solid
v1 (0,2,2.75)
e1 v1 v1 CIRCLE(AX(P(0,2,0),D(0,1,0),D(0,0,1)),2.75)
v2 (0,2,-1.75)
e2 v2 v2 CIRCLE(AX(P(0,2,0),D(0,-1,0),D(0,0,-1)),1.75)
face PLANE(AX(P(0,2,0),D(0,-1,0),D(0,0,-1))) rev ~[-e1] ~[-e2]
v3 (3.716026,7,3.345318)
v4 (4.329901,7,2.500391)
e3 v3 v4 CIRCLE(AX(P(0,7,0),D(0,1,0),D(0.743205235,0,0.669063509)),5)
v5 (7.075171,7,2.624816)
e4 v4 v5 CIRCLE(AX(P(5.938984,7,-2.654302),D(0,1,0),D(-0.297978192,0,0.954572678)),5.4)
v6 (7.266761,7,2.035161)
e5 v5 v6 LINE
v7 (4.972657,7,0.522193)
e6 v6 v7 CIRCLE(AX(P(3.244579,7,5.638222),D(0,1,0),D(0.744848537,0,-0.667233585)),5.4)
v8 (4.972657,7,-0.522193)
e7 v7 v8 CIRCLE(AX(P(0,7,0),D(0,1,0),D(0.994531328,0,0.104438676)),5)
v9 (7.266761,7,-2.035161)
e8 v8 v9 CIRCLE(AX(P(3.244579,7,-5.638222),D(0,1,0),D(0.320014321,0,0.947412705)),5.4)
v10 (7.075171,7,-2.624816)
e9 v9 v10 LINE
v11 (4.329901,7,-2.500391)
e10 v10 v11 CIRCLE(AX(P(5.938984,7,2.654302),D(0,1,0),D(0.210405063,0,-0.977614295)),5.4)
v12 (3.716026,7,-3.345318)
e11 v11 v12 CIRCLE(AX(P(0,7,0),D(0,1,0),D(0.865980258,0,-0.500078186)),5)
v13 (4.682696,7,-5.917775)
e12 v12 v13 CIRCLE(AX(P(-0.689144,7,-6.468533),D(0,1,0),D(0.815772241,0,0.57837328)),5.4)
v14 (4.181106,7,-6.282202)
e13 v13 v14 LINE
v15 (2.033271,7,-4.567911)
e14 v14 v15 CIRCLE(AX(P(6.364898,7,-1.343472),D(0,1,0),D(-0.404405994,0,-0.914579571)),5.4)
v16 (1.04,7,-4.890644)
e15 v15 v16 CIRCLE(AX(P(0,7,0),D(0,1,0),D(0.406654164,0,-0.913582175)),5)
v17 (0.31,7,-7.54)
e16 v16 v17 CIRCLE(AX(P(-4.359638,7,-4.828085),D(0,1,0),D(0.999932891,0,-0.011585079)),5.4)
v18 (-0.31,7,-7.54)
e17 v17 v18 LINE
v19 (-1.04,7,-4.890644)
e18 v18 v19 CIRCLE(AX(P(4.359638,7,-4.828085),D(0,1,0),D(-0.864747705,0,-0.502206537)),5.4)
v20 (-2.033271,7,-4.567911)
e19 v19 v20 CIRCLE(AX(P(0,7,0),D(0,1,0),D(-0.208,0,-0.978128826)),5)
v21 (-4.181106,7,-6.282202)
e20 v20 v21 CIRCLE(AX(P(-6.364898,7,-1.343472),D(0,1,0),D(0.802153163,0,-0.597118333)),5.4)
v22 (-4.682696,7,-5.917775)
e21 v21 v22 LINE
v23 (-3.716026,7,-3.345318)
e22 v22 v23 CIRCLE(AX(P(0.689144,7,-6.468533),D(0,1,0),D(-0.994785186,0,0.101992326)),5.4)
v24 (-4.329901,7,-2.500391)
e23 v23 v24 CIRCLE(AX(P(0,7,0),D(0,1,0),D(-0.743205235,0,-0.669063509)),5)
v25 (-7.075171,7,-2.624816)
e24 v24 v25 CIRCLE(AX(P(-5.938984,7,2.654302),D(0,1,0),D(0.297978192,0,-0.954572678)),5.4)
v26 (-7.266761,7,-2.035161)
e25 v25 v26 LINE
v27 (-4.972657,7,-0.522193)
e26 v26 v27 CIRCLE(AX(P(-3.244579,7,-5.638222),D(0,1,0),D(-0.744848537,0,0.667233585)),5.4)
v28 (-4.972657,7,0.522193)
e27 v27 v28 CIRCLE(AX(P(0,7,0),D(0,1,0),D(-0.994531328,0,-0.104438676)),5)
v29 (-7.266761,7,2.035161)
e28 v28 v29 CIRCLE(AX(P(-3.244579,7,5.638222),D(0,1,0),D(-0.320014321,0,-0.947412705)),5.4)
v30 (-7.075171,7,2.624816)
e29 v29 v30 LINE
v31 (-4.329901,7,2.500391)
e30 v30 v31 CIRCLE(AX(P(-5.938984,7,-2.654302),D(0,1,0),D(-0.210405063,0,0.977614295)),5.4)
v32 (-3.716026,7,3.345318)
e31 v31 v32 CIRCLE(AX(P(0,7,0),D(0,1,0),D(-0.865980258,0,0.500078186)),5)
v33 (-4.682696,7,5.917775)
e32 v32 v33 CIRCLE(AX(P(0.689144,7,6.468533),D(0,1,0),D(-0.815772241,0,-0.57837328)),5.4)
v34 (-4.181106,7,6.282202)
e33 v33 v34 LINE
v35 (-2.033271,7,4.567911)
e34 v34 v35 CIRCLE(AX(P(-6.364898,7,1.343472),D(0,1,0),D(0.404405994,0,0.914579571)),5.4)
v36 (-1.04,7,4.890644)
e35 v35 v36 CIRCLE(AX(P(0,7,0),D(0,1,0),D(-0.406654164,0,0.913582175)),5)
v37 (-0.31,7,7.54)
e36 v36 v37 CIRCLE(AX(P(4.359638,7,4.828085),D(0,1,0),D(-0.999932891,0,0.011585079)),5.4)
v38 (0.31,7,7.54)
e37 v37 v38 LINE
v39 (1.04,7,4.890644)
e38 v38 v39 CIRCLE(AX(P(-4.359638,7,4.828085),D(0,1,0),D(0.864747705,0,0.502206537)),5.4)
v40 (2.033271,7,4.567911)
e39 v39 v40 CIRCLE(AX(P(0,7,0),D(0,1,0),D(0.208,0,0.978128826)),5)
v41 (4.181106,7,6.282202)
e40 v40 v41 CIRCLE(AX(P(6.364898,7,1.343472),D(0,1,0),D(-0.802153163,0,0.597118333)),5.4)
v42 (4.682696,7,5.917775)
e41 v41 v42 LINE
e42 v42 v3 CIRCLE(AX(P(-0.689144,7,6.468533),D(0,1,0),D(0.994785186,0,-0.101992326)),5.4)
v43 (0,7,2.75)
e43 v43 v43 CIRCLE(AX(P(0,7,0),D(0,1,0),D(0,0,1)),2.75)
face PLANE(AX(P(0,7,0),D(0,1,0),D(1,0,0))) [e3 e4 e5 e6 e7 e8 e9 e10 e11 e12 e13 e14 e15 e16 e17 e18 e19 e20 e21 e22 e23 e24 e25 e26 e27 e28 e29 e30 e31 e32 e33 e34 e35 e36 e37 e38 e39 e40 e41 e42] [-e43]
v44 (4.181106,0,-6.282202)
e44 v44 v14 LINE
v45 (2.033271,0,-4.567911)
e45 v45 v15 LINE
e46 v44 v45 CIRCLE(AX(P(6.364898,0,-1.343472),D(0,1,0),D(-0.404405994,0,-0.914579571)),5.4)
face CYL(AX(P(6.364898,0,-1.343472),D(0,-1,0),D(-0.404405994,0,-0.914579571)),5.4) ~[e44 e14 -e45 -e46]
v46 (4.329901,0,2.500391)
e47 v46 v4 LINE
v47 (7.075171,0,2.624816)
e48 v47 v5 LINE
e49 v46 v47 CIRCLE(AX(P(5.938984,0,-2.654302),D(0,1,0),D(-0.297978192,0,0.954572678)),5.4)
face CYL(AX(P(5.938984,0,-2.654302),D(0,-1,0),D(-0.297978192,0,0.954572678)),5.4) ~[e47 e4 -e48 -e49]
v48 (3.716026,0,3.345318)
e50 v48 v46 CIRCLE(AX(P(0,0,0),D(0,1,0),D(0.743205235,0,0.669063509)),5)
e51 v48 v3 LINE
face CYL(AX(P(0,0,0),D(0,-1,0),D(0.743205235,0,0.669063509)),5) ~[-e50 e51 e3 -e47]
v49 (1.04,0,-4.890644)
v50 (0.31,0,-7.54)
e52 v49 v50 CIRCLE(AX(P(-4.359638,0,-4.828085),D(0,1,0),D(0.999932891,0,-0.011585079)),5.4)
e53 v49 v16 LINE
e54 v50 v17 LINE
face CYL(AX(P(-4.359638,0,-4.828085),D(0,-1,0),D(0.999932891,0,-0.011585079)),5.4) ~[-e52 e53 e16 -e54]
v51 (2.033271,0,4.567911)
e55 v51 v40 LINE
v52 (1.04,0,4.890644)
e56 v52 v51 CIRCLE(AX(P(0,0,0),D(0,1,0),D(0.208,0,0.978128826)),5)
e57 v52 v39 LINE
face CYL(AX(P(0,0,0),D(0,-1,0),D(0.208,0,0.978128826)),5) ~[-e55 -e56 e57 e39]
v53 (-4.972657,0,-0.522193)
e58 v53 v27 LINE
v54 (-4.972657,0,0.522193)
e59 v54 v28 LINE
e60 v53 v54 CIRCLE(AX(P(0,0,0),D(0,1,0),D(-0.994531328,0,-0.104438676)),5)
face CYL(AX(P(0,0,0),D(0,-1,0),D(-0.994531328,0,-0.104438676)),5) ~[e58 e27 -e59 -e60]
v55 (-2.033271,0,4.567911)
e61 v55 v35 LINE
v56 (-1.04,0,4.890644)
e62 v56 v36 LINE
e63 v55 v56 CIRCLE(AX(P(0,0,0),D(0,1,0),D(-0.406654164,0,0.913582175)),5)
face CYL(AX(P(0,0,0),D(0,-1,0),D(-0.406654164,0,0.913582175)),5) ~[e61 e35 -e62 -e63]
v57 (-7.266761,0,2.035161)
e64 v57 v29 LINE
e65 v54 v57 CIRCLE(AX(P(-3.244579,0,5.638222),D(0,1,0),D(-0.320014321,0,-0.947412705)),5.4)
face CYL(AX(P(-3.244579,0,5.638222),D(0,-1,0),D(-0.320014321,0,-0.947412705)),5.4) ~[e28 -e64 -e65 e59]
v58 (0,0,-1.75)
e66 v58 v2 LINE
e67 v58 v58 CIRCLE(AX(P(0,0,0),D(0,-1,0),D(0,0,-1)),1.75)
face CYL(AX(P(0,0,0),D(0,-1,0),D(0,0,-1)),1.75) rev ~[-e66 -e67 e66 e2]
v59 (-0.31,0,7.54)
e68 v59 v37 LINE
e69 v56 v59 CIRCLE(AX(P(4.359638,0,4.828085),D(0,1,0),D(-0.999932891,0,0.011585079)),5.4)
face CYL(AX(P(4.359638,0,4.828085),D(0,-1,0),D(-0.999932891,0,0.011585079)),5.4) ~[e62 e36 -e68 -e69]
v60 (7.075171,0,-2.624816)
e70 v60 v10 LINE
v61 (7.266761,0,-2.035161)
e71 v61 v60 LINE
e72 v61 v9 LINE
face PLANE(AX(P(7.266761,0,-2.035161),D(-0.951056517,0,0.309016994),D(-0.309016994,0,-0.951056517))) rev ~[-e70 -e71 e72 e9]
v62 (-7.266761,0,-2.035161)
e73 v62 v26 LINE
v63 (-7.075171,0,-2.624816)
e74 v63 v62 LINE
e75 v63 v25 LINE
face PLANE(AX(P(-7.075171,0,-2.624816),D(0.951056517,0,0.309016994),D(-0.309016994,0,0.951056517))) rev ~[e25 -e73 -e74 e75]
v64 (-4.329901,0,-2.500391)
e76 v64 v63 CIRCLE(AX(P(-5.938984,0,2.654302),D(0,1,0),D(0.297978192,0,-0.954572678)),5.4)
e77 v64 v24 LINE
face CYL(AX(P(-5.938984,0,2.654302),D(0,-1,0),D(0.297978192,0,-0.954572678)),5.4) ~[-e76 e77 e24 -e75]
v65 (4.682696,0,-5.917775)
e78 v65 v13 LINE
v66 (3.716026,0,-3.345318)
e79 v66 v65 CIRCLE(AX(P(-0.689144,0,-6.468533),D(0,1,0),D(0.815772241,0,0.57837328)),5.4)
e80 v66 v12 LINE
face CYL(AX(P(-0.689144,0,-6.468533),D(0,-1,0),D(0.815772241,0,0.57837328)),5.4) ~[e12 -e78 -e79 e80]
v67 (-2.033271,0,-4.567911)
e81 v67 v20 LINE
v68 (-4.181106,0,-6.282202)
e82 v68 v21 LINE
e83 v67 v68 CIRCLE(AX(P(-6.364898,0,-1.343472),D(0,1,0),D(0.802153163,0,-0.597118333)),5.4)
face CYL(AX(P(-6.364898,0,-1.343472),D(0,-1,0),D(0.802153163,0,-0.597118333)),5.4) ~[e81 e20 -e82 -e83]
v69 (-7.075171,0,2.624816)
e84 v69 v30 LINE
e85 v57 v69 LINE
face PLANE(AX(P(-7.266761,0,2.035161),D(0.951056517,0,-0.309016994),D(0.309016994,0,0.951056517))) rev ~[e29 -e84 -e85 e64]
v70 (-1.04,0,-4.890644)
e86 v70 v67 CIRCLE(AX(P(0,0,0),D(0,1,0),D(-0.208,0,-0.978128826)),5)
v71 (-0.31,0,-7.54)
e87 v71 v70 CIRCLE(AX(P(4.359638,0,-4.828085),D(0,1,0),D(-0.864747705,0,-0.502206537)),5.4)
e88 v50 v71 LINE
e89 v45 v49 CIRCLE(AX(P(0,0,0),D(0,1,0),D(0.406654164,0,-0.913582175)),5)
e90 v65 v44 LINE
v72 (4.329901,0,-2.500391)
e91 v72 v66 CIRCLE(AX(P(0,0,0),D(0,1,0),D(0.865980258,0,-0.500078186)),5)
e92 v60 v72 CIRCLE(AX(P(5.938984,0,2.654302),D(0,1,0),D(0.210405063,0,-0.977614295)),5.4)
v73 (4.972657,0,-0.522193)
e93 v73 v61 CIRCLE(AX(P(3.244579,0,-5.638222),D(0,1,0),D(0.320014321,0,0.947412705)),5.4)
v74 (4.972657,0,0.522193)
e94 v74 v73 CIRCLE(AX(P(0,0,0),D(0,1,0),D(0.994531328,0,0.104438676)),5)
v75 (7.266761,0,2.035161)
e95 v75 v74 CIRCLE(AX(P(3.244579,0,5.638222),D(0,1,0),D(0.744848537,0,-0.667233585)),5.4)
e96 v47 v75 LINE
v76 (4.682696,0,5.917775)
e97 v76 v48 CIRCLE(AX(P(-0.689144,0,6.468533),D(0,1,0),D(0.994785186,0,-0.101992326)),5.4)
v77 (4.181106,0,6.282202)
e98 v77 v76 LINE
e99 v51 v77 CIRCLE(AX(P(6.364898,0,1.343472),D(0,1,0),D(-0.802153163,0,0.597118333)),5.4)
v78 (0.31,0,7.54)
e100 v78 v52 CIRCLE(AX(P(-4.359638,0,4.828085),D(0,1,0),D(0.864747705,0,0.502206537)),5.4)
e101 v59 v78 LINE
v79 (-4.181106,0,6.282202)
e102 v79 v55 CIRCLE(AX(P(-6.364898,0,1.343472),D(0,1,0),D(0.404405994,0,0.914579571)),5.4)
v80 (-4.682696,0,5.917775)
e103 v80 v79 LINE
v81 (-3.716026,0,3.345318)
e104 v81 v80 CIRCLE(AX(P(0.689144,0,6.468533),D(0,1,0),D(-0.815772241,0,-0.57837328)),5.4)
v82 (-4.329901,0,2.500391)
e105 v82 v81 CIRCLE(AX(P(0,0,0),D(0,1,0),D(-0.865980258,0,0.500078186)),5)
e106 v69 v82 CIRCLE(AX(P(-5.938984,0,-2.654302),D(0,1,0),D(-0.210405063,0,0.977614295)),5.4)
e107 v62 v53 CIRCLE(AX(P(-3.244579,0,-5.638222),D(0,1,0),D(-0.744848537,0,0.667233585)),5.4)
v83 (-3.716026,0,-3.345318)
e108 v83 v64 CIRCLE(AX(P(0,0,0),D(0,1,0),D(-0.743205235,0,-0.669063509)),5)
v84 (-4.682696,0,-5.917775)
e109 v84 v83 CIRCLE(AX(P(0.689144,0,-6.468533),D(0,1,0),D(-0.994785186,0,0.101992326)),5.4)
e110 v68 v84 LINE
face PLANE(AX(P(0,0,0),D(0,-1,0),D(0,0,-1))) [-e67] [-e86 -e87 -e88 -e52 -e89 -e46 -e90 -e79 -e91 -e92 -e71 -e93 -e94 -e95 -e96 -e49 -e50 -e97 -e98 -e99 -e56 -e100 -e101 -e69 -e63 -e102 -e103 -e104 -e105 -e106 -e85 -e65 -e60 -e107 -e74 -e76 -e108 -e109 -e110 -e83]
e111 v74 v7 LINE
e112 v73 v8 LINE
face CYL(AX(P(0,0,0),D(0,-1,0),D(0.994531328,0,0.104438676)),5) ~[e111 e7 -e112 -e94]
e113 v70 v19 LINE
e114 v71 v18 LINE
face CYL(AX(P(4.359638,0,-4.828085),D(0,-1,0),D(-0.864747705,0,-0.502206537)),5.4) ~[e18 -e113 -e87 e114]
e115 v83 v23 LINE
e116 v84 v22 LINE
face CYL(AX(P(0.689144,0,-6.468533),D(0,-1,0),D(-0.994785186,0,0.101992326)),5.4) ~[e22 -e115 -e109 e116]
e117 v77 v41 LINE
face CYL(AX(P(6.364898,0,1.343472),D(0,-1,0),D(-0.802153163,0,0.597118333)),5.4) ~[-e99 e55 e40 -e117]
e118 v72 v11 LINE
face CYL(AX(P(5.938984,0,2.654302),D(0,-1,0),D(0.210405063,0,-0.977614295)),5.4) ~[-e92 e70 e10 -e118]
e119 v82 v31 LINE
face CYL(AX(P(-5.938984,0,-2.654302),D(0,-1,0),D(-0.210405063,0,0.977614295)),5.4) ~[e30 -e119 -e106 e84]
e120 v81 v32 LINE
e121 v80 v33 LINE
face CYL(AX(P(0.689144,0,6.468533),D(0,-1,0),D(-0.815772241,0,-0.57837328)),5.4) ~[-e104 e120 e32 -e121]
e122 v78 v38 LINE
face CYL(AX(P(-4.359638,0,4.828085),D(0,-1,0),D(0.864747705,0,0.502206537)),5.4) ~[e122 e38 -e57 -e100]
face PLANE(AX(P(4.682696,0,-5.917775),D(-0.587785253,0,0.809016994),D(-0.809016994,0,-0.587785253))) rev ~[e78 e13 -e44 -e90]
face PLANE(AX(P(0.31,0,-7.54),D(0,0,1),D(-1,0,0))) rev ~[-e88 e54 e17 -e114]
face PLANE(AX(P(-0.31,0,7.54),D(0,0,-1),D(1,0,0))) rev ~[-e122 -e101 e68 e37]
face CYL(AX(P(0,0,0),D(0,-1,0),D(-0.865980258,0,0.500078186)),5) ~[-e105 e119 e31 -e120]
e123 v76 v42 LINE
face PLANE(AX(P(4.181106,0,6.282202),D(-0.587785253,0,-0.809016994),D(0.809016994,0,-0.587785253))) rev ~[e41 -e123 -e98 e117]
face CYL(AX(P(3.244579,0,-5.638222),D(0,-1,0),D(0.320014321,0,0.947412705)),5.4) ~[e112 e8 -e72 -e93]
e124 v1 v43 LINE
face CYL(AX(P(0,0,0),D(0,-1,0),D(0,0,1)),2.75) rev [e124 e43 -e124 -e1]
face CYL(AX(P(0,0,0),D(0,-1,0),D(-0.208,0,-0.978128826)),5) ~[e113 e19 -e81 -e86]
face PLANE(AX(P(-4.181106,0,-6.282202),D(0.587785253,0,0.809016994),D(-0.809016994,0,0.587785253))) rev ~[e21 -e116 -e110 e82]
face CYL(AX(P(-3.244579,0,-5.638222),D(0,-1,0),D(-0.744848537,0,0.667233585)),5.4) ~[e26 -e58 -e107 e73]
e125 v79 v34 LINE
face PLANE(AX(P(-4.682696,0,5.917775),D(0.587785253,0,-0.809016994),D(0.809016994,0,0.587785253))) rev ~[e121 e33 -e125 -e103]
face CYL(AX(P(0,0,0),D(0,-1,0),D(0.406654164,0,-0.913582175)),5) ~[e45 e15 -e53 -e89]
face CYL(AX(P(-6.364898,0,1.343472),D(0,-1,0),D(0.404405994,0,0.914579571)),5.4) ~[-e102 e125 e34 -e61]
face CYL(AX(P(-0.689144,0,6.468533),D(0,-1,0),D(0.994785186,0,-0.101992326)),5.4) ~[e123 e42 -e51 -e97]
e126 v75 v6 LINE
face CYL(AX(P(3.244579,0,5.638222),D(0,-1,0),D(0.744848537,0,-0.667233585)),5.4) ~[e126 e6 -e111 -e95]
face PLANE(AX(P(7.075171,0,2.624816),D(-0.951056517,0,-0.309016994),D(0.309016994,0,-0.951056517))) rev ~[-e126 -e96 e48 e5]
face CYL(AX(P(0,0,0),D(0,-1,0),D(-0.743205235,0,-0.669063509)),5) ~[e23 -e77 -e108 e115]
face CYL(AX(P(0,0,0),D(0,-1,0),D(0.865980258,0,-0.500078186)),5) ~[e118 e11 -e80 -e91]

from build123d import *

# Parameters (mm, degrees)
SKETCH1_R           = 2.75
BOSS_EXTRUDE1_DEPTH = 7
SKETCH2_R           = 2.75
SKETCH2_R_2         = 1.75
BOSS_EXTRUDE2_DEPTH = 2


with BuildPart() as part:
    # Sketch1 → Boss-Extrude1 (new body)
    with BuildSketch(Plane(origin=(0, 0, 0), x_dir=(1, 0, 0), z_dir=(0, 1, 0))):
        with BuildLine():
            ThreePointArc((-1.04, 4.890644129), (-1.545084972, 4.755282581), (-2.033270819, 4.567910876))
            ThreePointArc((-2.033270819, 4.567910876), (-2.996312027, 5.563972943), (-4.181105534, 6.282201566))
            Line((-4.181105534, 6.282201566), (-4.682696071, 5.917774709))
            ThreePointArc((-4.682696071, 5.917774709), (-4.365741387, 4.569024274), (-3.716026168, 3.345317552))
            ThreePointArc((-3.716026168, 3.345317552), (-4.045084972, 2.938926261), (-4.329901294, 2.500390926))
            ThreePointArc((-4.329901294, 2.500390926), (-5.69448859, 2.740160647), (-7.075170865, 2.624815658))
            Line((-7.075170865, 2.624815658), (-7.266761401, 2.035160618))
            ThreePointArc((-7.266761401, 2.035160618), (-6.217564061, 1.130299882), (-4.972656642, 0.522193372))
            ThreePointArc((-4.972656642, 0.522193372), (-5, 0), (-4.972656642, -0.522193372))
            ThreePointArc((-4.972656642, -0.522193372), (-6.217564061, -1.130299882), (-7.266761401, -2.035160618))
            Line((-7.266761401, -2.035160618), (-7.075170865, -2.624815658))
            ThreePointArc((-7.075170865, -2.624815658), (-5.69448859, -2.740160647), (-4.329901294, -2.500390926))
            ThreePointArc((-4.329901294, -2.500390926), (-4.045084972, -2.938926261), (-3.716026168, -3.345317552))
            ThreePointArc((-3.716026168, -3.345317552), (-4.365741387, -4.569024274), (-4.682696071, -5.917774709))
            Line((-4.682696071, -5.917774709), (-4.181105534, -6.282201566))
            ThreePointArc((-4.181105534, -6.282201566), (-2.996312027, -5.563972943), (-2.033270819, -4.567910876))
            ThreePointArc((-2.033270819, -4.567910876), (-1.545084972, -4.755282581), (-1.04, -4.890644129))
            ThreePointArc((-1.04, -4.890644129), (-0.84635389, -6.262536688), (-0.31, -7.54))
            Line((-0.31, -7.54), (0.31, -7.54))
            ThreePointArc((0.31, -7.54), (0.84635389, -6.262536688), (1.04, -4.890644129))
            ThreePointArc((1.04, -4.890644129), (1.545084972, -4.755282581), (2.033270819, -4.567910876))
            ThreePointArc((2.033270819, -4.567910876), (2.996312027, -5.563972943), (4.181105534, -6.282201566))
            Line((4.181105534, -6.282201566), (4.682696071, -5.917774709))
            ThreePointArc((4.682696071, -5.917774709), (4.365741387, -4.569024274), (3.716026168, -3.345317552))
            ThreePointArc((3.716026168, -3.345317552), (4.045084972, -2.938926261), (4.329901294, -2.500390926))
            ThreePointArc((4.329901294, -2.500390926), (5.69448859, -2.740160647), (7.075170865, -2.624815658))
            Line((7.075170865, -2.624815658), (7.266761401, -2.035160618))
            ThreePointArc((7.266761401, -2.035160618), (6.217564061, -1.130299882), (4.972656642, -0.522193372))
            ThreePointArc((4.972656642, -0.522193372), (5, 0), (4.972656642, 0.522193372))
            ThreePointArc((4.972656642, 0.522193372), (6.217564061, 1.130299882), (7.266761401, 2.035160618))
            Line((7.266761401, 2.035160618), (7.075170865, 2.624815658))
            ThreePointArc((7.075170865, 2.624815658), (5.69448859, 2.740160647), (4.329901294, 2.500390926))
            ThreePointArc((4.329901294, 2.500390926), (4.045084972, 2.938926261), (3.716026168, 3.345317552))
            ThreePointArc((3.716026168, 3.345317552), (4.365741387, 4.569024274), (4.682696071, 5.917774709))
            Line((4.682696071, 5.917774709), (4.181105534, 6.282201566))
            ThreePointArc((4.181105534, 6.282201566), (2.996312027, 5.563972943), (2.033270819, 4.567910876))
            ThreePointArc((2.033270819, 4.567910876), (1.545084972, 4.755282581), (1.04, 4.890644129))
            ThreePointArc((1.04, 4.890644129), (0.84635389, 6.262536688), (0.31, 7.54))
            Line((0.31, 7.54), (-0.31, 7.54))
            ThreePointArc((-0.31, 7.54), (-0.84635389, 6.262536688), (-1.04, 4.890644129))
        make_face()
        with Locations(Location((0, 0, 0), (0, 0, 270))):
            Circle(SKETCH1_R, mode=Mode.SUBTRACT)
    extrude(amount=BOSS_EXTRUDE1_DEPTH)

    # Sketch2 → Boss-Extrude2 (add)
    with BuildSketch(Plane.XZ):
        with Locations(Location((0, 0, 0), (0, 0, 270))):
            Circle(SKETCH2_R)
        with Locations(Location((0, 0, 0), (0, 0, 270))):
            Circle(SKETCH2_R_2, mode=Mode.SUBTRACT)
    extrude(amount=-BOSS_EXTRUDE2_DEPTH)


solid = part.part
